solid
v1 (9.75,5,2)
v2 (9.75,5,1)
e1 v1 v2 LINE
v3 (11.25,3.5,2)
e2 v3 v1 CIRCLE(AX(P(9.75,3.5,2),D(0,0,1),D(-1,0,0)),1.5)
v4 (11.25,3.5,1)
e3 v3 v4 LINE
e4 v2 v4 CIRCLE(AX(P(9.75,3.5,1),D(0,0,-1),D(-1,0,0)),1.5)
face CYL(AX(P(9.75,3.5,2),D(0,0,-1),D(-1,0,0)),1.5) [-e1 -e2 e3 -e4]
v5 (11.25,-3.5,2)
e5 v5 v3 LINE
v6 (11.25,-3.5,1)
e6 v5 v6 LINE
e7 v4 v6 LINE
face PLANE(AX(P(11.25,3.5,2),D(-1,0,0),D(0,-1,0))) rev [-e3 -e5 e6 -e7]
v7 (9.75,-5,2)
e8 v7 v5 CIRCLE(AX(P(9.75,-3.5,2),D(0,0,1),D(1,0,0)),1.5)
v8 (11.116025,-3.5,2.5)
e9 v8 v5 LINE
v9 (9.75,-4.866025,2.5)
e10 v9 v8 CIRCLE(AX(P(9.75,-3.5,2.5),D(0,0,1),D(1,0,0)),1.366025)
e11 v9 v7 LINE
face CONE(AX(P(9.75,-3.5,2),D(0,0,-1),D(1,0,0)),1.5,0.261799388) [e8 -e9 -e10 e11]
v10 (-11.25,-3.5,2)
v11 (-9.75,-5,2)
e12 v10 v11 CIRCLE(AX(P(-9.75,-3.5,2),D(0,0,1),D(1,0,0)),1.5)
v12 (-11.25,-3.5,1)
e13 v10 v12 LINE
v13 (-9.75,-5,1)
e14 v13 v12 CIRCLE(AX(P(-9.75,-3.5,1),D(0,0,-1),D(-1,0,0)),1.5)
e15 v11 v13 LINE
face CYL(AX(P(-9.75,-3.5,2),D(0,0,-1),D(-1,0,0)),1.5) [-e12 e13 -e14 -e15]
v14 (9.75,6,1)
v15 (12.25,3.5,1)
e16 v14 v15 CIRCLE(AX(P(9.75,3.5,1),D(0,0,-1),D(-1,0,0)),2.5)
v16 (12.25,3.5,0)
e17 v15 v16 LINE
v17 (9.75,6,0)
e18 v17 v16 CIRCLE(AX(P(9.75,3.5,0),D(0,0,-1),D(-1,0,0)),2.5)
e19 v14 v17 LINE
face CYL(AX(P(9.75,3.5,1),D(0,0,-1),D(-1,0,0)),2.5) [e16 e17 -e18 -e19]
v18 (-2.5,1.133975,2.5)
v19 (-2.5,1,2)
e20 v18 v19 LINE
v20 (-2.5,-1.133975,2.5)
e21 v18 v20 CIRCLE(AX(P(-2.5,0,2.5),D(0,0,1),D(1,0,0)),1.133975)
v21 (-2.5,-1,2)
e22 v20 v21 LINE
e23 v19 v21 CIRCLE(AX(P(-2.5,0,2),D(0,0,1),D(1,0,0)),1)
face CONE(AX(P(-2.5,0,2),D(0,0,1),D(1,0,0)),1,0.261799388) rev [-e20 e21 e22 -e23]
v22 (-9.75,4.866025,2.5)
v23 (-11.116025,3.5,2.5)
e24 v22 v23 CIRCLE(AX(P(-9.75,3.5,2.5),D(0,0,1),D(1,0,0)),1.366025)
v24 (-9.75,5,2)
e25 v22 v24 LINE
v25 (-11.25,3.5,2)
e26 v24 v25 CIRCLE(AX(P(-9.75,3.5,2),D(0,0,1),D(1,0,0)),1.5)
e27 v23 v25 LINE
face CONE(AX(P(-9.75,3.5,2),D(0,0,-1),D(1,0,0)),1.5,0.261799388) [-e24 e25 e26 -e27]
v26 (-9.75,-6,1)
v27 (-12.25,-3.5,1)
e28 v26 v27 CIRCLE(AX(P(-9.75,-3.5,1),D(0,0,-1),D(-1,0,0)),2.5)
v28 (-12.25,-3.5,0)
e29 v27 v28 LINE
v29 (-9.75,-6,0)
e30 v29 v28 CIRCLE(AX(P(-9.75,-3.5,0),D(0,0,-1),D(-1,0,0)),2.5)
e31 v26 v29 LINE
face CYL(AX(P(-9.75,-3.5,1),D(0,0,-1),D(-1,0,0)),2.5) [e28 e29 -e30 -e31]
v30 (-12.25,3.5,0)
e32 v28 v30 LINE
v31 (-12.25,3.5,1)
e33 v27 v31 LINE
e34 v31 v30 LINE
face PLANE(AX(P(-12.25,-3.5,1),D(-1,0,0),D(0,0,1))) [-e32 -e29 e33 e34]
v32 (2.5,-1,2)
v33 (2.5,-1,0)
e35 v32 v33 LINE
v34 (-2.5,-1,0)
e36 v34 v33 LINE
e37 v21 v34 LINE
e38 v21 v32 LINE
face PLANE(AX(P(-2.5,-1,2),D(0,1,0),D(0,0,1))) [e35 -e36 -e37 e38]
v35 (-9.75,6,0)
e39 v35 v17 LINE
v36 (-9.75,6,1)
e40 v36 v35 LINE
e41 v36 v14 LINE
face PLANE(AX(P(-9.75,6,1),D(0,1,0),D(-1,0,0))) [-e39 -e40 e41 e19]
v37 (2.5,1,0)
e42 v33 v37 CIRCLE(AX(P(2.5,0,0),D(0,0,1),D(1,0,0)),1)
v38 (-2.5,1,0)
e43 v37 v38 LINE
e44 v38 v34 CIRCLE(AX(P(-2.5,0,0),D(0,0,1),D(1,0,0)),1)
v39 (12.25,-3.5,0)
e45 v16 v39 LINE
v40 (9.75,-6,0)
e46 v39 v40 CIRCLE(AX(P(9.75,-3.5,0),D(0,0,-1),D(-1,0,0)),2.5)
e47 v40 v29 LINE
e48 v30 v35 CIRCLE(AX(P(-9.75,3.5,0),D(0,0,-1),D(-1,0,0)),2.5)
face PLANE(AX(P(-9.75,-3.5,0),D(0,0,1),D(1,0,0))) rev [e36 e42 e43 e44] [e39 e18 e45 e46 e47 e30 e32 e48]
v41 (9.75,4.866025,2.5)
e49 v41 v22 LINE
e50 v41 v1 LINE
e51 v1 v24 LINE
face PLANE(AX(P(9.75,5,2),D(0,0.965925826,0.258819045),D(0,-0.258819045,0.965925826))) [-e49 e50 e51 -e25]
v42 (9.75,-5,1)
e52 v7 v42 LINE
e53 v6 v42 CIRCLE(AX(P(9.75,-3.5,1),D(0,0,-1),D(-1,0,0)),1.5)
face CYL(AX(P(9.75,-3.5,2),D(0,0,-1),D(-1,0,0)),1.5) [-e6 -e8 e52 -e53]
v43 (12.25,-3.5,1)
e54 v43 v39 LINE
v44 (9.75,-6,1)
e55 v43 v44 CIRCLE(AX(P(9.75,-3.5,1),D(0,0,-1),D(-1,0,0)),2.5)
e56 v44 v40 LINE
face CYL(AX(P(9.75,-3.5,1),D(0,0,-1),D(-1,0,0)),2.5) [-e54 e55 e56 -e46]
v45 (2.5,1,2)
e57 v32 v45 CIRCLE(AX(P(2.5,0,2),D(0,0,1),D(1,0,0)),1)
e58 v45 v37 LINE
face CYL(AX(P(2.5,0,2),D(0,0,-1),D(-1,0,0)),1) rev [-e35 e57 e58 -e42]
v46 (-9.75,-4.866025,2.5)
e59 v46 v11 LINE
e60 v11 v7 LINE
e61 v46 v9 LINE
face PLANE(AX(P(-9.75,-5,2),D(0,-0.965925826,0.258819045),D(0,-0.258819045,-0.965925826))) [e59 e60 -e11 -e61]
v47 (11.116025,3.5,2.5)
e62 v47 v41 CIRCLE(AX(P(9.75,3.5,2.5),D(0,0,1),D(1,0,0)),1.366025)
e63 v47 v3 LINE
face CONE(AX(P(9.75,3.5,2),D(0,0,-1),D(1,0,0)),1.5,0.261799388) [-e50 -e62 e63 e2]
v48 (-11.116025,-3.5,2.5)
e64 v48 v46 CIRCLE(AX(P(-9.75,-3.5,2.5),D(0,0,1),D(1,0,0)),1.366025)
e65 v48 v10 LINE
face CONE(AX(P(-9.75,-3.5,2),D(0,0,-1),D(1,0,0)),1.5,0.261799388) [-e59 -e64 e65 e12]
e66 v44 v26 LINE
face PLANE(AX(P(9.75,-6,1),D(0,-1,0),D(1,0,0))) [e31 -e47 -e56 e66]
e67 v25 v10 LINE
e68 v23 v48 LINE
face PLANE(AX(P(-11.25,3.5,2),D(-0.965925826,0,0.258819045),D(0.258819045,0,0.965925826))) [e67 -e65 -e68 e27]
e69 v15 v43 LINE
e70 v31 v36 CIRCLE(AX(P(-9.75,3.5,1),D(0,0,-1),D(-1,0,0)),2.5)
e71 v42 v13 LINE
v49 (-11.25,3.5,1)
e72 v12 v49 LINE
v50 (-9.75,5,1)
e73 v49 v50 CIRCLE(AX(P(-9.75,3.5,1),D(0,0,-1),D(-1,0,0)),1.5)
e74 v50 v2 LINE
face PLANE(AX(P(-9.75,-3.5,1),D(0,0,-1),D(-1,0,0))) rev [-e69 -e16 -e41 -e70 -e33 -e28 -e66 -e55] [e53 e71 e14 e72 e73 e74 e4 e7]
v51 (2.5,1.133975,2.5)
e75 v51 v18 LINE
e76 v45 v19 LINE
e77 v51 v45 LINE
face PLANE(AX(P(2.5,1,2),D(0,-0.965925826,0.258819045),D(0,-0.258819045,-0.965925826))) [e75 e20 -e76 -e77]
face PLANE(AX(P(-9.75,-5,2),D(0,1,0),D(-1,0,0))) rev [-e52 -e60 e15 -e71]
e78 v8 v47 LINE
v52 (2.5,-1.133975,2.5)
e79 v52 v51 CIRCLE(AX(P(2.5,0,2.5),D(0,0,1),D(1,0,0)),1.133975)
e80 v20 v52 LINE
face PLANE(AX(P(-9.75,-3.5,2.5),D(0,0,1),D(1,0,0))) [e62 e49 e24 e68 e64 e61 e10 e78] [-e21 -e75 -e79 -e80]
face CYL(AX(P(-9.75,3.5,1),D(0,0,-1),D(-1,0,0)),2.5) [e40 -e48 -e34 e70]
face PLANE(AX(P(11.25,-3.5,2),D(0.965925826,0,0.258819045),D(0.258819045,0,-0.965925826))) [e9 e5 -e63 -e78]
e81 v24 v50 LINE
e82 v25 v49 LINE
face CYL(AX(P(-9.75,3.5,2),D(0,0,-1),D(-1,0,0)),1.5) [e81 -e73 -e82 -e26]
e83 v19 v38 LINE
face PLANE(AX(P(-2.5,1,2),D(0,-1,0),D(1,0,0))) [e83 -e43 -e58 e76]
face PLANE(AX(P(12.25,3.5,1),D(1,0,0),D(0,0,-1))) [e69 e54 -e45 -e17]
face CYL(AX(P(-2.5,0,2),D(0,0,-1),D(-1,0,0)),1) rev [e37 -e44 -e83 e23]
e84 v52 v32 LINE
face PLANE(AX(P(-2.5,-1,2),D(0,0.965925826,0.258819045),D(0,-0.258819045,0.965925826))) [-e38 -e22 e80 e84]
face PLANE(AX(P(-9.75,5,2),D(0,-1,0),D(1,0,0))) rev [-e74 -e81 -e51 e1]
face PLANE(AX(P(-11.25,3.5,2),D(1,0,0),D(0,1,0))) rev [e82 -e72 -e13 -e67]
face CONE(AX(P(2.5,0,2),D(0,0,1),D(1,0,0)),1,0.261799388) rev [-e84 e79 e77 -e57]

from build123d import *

# Parameters (mm, degrees)
BOSS_EXTRU_1_DEPTH = 2
BOSS_EXTRU_2_DEPTH = 0.5
BOSS_EXTRU_2_DRAFT = 15
BOSS_EXTRU_3_DEPTH = 1


with BuildPart() as part:
    # Esquisse1 → Boss.-Extru.1 (new body)
    with BuildSketch(Plane.XY):
        with BuildLine():
            Line((-9.75, 5), (9.75, 5))
            ThreePointArc((9.75, 5), (10.810660172, 4.560660172), (11.25, 3.5))
            Line((11.25, 3.5), (11.25, -3.5))
            ThreePointArc((11.25, -3.5), (10.810660172, -4.560660172), (9.75, -5))
            Line((9.75, -5), (-9.75, -5))
            ThreePointArc((-9.75, -5), (-10.810660172, -4.560660172), (-11.25, -3.5))
            Line((-11.25, -3.5), (-11.25, 3.5))
            ThreePointArc((-11.25, 3.5), (-10.810660172, 4.560660172), (-9.75, 5))
        make_face()
        with BuildLine():
            Line((-2.5, 1), (2.5, 1))
            ThreePointArc((2.5, 1), (3.5, 0), (2.5, -1))
            Line((2.5, -1), (-2.5, -1))
            ThreePointArc((-2.5, -1), (-3.5, 0), (-2.5, 1))
        make_face(mode=Mode.SUBTRACT)
    extrude(amount=BOSS_EXTRU_1_DEPTH)


with BuildPart() as boss_extru_2_tool:
    # Esquisse2 → Boss.-Extru.2 (with draft: the straight prism first)
    with BuildSketch(Plane.XY.offset(2)):
        with BuildLine():
            Line((-9.75, -5), (9.75, -5))
            ThreePointArc((9.75, -5), (10.810660172, -4.560660172), (11.25, -3.5))
            Line((11.25, -3.5), (11.25, 3.5))
            ThreePointArc((11.25, 3.5), (10.810660172, 4.560660172), (9.75, 5))
            Line((9.75, 5), (-9.75, 5))
            ThreePointArc((-9.75, 5), (-10.810660172, 4.560660172), (-11.25, 3.5))
            Line((-11.25, 3.5), (-11.25, -3.5))
            ThreePointArc((-11.25, -3.5), (-10.810660172, -4.560660172), (-9.75, -5))
        make_face()
        with BuildLine():
            Line((2.5, 1), (-2.5, 1))
            ThreePointArc((-2.5, 1), (-3.5, 0), (-2.5, -1))
            Line((-2.5, -1), (2.5, -1))
            ThreePointArc((2.5, -1), (3.5, 0), (2.5, 1))
        make_face(mode=Mode.SUBTRACT)
    extrude(amount=BOSS_EXTRU_2_DEPTH)
    # Boss.-Extru.2: the draft: its side faces are tilted about the plane it starts from
    boss_extru_2_sides = [boss_extru_2_tool.faces().sort_by_distance(p)[0] for p in [
        (0, -5, 2.25),
        (10.810660172, -4.560660172, 2.25),
        (11.25, 0, 2.25),
        (10.810660172, 4.560660172, 2.25),
        (0, 5, 2.25),
        (-10.810660172, 4.560660172, 2.25),
        (-11.25, 0, 2.25),
        (-10.810660172, -4.560660172, 2.25),
        (-3.5, 0, 2.25),
        (0, 1, 2.25),
        (3.5, 0, 2.25),
        (0, -1, 2.25),
    ]]
    draft(boss_extru_2_sides, Plane.XY.offset(2), BOSS_EXTRU_2_DRAFT)


with BuildPart() as part_1:
    add(part.part)

    # Boss.-Extru.2: add boss_extru_2_tool
    add(boss_extru_2_tool.part)

    # Esquisse3 → Boss.-Extru.3 (add)
    with BuildSketch(Plane(origin=(0, 0, 0), x_dir=(-1, 0, 0), z_dir=(0, 0, -1))):
        with BuildLine():
            Line((12.25, -3.5), (12.25, 3.5))
            ThreePointArc((12.25, 3.5), (11.517766953, 5.267766953), (9.75, 6))
            Line((9.75, 6), (-9.75, 6))
            ThreePointArc((-9.75, 6), (-11.517766953, 5.267766953), (-12.25, 3.5))
            Line((-12.25, 3.5), (-12.25, -3.5))
            ThreePointArc((-12.25, -3.5), (-11.517766953, -5.267766953), (-9.75, -6))
            Line((-9.75, -6), (9.75, -6))
            ThreePointArc((9.75, -6), (11.517766953, -5.267766953), (12.25, -3.5))
        make_face()
        with BuildLine():
            Line((11.25, -3.5), (11.25, 3.5))
            ThreePointArc((11.25, 3.5), (10.810660172, 4.560660172), (9.75, 5))
            Line((9.75, 5), (-9.75, 5))
            ThreePointArc((-9.75, 5), (-10.810660172, 4.560660172), (-11.25, 3.5))
            Line((-11.25, 3.5), (-11.25, -3.5))
            ThreePointArc((-11.25, -3.5), (-10.810660172, -4.560660172), (-9.75, -5))
            Line((-9.75, -5), (9.75, -5))
            ThreePointArc((9.75, -5), (10.810660172, -4.560660172), (11.25, -3.5))
        make_face(mode=Mode.SUBTRACT)
    extrude(amount=-BOSS_EXTRU_3_DEPTH)


solid = part_1.part
